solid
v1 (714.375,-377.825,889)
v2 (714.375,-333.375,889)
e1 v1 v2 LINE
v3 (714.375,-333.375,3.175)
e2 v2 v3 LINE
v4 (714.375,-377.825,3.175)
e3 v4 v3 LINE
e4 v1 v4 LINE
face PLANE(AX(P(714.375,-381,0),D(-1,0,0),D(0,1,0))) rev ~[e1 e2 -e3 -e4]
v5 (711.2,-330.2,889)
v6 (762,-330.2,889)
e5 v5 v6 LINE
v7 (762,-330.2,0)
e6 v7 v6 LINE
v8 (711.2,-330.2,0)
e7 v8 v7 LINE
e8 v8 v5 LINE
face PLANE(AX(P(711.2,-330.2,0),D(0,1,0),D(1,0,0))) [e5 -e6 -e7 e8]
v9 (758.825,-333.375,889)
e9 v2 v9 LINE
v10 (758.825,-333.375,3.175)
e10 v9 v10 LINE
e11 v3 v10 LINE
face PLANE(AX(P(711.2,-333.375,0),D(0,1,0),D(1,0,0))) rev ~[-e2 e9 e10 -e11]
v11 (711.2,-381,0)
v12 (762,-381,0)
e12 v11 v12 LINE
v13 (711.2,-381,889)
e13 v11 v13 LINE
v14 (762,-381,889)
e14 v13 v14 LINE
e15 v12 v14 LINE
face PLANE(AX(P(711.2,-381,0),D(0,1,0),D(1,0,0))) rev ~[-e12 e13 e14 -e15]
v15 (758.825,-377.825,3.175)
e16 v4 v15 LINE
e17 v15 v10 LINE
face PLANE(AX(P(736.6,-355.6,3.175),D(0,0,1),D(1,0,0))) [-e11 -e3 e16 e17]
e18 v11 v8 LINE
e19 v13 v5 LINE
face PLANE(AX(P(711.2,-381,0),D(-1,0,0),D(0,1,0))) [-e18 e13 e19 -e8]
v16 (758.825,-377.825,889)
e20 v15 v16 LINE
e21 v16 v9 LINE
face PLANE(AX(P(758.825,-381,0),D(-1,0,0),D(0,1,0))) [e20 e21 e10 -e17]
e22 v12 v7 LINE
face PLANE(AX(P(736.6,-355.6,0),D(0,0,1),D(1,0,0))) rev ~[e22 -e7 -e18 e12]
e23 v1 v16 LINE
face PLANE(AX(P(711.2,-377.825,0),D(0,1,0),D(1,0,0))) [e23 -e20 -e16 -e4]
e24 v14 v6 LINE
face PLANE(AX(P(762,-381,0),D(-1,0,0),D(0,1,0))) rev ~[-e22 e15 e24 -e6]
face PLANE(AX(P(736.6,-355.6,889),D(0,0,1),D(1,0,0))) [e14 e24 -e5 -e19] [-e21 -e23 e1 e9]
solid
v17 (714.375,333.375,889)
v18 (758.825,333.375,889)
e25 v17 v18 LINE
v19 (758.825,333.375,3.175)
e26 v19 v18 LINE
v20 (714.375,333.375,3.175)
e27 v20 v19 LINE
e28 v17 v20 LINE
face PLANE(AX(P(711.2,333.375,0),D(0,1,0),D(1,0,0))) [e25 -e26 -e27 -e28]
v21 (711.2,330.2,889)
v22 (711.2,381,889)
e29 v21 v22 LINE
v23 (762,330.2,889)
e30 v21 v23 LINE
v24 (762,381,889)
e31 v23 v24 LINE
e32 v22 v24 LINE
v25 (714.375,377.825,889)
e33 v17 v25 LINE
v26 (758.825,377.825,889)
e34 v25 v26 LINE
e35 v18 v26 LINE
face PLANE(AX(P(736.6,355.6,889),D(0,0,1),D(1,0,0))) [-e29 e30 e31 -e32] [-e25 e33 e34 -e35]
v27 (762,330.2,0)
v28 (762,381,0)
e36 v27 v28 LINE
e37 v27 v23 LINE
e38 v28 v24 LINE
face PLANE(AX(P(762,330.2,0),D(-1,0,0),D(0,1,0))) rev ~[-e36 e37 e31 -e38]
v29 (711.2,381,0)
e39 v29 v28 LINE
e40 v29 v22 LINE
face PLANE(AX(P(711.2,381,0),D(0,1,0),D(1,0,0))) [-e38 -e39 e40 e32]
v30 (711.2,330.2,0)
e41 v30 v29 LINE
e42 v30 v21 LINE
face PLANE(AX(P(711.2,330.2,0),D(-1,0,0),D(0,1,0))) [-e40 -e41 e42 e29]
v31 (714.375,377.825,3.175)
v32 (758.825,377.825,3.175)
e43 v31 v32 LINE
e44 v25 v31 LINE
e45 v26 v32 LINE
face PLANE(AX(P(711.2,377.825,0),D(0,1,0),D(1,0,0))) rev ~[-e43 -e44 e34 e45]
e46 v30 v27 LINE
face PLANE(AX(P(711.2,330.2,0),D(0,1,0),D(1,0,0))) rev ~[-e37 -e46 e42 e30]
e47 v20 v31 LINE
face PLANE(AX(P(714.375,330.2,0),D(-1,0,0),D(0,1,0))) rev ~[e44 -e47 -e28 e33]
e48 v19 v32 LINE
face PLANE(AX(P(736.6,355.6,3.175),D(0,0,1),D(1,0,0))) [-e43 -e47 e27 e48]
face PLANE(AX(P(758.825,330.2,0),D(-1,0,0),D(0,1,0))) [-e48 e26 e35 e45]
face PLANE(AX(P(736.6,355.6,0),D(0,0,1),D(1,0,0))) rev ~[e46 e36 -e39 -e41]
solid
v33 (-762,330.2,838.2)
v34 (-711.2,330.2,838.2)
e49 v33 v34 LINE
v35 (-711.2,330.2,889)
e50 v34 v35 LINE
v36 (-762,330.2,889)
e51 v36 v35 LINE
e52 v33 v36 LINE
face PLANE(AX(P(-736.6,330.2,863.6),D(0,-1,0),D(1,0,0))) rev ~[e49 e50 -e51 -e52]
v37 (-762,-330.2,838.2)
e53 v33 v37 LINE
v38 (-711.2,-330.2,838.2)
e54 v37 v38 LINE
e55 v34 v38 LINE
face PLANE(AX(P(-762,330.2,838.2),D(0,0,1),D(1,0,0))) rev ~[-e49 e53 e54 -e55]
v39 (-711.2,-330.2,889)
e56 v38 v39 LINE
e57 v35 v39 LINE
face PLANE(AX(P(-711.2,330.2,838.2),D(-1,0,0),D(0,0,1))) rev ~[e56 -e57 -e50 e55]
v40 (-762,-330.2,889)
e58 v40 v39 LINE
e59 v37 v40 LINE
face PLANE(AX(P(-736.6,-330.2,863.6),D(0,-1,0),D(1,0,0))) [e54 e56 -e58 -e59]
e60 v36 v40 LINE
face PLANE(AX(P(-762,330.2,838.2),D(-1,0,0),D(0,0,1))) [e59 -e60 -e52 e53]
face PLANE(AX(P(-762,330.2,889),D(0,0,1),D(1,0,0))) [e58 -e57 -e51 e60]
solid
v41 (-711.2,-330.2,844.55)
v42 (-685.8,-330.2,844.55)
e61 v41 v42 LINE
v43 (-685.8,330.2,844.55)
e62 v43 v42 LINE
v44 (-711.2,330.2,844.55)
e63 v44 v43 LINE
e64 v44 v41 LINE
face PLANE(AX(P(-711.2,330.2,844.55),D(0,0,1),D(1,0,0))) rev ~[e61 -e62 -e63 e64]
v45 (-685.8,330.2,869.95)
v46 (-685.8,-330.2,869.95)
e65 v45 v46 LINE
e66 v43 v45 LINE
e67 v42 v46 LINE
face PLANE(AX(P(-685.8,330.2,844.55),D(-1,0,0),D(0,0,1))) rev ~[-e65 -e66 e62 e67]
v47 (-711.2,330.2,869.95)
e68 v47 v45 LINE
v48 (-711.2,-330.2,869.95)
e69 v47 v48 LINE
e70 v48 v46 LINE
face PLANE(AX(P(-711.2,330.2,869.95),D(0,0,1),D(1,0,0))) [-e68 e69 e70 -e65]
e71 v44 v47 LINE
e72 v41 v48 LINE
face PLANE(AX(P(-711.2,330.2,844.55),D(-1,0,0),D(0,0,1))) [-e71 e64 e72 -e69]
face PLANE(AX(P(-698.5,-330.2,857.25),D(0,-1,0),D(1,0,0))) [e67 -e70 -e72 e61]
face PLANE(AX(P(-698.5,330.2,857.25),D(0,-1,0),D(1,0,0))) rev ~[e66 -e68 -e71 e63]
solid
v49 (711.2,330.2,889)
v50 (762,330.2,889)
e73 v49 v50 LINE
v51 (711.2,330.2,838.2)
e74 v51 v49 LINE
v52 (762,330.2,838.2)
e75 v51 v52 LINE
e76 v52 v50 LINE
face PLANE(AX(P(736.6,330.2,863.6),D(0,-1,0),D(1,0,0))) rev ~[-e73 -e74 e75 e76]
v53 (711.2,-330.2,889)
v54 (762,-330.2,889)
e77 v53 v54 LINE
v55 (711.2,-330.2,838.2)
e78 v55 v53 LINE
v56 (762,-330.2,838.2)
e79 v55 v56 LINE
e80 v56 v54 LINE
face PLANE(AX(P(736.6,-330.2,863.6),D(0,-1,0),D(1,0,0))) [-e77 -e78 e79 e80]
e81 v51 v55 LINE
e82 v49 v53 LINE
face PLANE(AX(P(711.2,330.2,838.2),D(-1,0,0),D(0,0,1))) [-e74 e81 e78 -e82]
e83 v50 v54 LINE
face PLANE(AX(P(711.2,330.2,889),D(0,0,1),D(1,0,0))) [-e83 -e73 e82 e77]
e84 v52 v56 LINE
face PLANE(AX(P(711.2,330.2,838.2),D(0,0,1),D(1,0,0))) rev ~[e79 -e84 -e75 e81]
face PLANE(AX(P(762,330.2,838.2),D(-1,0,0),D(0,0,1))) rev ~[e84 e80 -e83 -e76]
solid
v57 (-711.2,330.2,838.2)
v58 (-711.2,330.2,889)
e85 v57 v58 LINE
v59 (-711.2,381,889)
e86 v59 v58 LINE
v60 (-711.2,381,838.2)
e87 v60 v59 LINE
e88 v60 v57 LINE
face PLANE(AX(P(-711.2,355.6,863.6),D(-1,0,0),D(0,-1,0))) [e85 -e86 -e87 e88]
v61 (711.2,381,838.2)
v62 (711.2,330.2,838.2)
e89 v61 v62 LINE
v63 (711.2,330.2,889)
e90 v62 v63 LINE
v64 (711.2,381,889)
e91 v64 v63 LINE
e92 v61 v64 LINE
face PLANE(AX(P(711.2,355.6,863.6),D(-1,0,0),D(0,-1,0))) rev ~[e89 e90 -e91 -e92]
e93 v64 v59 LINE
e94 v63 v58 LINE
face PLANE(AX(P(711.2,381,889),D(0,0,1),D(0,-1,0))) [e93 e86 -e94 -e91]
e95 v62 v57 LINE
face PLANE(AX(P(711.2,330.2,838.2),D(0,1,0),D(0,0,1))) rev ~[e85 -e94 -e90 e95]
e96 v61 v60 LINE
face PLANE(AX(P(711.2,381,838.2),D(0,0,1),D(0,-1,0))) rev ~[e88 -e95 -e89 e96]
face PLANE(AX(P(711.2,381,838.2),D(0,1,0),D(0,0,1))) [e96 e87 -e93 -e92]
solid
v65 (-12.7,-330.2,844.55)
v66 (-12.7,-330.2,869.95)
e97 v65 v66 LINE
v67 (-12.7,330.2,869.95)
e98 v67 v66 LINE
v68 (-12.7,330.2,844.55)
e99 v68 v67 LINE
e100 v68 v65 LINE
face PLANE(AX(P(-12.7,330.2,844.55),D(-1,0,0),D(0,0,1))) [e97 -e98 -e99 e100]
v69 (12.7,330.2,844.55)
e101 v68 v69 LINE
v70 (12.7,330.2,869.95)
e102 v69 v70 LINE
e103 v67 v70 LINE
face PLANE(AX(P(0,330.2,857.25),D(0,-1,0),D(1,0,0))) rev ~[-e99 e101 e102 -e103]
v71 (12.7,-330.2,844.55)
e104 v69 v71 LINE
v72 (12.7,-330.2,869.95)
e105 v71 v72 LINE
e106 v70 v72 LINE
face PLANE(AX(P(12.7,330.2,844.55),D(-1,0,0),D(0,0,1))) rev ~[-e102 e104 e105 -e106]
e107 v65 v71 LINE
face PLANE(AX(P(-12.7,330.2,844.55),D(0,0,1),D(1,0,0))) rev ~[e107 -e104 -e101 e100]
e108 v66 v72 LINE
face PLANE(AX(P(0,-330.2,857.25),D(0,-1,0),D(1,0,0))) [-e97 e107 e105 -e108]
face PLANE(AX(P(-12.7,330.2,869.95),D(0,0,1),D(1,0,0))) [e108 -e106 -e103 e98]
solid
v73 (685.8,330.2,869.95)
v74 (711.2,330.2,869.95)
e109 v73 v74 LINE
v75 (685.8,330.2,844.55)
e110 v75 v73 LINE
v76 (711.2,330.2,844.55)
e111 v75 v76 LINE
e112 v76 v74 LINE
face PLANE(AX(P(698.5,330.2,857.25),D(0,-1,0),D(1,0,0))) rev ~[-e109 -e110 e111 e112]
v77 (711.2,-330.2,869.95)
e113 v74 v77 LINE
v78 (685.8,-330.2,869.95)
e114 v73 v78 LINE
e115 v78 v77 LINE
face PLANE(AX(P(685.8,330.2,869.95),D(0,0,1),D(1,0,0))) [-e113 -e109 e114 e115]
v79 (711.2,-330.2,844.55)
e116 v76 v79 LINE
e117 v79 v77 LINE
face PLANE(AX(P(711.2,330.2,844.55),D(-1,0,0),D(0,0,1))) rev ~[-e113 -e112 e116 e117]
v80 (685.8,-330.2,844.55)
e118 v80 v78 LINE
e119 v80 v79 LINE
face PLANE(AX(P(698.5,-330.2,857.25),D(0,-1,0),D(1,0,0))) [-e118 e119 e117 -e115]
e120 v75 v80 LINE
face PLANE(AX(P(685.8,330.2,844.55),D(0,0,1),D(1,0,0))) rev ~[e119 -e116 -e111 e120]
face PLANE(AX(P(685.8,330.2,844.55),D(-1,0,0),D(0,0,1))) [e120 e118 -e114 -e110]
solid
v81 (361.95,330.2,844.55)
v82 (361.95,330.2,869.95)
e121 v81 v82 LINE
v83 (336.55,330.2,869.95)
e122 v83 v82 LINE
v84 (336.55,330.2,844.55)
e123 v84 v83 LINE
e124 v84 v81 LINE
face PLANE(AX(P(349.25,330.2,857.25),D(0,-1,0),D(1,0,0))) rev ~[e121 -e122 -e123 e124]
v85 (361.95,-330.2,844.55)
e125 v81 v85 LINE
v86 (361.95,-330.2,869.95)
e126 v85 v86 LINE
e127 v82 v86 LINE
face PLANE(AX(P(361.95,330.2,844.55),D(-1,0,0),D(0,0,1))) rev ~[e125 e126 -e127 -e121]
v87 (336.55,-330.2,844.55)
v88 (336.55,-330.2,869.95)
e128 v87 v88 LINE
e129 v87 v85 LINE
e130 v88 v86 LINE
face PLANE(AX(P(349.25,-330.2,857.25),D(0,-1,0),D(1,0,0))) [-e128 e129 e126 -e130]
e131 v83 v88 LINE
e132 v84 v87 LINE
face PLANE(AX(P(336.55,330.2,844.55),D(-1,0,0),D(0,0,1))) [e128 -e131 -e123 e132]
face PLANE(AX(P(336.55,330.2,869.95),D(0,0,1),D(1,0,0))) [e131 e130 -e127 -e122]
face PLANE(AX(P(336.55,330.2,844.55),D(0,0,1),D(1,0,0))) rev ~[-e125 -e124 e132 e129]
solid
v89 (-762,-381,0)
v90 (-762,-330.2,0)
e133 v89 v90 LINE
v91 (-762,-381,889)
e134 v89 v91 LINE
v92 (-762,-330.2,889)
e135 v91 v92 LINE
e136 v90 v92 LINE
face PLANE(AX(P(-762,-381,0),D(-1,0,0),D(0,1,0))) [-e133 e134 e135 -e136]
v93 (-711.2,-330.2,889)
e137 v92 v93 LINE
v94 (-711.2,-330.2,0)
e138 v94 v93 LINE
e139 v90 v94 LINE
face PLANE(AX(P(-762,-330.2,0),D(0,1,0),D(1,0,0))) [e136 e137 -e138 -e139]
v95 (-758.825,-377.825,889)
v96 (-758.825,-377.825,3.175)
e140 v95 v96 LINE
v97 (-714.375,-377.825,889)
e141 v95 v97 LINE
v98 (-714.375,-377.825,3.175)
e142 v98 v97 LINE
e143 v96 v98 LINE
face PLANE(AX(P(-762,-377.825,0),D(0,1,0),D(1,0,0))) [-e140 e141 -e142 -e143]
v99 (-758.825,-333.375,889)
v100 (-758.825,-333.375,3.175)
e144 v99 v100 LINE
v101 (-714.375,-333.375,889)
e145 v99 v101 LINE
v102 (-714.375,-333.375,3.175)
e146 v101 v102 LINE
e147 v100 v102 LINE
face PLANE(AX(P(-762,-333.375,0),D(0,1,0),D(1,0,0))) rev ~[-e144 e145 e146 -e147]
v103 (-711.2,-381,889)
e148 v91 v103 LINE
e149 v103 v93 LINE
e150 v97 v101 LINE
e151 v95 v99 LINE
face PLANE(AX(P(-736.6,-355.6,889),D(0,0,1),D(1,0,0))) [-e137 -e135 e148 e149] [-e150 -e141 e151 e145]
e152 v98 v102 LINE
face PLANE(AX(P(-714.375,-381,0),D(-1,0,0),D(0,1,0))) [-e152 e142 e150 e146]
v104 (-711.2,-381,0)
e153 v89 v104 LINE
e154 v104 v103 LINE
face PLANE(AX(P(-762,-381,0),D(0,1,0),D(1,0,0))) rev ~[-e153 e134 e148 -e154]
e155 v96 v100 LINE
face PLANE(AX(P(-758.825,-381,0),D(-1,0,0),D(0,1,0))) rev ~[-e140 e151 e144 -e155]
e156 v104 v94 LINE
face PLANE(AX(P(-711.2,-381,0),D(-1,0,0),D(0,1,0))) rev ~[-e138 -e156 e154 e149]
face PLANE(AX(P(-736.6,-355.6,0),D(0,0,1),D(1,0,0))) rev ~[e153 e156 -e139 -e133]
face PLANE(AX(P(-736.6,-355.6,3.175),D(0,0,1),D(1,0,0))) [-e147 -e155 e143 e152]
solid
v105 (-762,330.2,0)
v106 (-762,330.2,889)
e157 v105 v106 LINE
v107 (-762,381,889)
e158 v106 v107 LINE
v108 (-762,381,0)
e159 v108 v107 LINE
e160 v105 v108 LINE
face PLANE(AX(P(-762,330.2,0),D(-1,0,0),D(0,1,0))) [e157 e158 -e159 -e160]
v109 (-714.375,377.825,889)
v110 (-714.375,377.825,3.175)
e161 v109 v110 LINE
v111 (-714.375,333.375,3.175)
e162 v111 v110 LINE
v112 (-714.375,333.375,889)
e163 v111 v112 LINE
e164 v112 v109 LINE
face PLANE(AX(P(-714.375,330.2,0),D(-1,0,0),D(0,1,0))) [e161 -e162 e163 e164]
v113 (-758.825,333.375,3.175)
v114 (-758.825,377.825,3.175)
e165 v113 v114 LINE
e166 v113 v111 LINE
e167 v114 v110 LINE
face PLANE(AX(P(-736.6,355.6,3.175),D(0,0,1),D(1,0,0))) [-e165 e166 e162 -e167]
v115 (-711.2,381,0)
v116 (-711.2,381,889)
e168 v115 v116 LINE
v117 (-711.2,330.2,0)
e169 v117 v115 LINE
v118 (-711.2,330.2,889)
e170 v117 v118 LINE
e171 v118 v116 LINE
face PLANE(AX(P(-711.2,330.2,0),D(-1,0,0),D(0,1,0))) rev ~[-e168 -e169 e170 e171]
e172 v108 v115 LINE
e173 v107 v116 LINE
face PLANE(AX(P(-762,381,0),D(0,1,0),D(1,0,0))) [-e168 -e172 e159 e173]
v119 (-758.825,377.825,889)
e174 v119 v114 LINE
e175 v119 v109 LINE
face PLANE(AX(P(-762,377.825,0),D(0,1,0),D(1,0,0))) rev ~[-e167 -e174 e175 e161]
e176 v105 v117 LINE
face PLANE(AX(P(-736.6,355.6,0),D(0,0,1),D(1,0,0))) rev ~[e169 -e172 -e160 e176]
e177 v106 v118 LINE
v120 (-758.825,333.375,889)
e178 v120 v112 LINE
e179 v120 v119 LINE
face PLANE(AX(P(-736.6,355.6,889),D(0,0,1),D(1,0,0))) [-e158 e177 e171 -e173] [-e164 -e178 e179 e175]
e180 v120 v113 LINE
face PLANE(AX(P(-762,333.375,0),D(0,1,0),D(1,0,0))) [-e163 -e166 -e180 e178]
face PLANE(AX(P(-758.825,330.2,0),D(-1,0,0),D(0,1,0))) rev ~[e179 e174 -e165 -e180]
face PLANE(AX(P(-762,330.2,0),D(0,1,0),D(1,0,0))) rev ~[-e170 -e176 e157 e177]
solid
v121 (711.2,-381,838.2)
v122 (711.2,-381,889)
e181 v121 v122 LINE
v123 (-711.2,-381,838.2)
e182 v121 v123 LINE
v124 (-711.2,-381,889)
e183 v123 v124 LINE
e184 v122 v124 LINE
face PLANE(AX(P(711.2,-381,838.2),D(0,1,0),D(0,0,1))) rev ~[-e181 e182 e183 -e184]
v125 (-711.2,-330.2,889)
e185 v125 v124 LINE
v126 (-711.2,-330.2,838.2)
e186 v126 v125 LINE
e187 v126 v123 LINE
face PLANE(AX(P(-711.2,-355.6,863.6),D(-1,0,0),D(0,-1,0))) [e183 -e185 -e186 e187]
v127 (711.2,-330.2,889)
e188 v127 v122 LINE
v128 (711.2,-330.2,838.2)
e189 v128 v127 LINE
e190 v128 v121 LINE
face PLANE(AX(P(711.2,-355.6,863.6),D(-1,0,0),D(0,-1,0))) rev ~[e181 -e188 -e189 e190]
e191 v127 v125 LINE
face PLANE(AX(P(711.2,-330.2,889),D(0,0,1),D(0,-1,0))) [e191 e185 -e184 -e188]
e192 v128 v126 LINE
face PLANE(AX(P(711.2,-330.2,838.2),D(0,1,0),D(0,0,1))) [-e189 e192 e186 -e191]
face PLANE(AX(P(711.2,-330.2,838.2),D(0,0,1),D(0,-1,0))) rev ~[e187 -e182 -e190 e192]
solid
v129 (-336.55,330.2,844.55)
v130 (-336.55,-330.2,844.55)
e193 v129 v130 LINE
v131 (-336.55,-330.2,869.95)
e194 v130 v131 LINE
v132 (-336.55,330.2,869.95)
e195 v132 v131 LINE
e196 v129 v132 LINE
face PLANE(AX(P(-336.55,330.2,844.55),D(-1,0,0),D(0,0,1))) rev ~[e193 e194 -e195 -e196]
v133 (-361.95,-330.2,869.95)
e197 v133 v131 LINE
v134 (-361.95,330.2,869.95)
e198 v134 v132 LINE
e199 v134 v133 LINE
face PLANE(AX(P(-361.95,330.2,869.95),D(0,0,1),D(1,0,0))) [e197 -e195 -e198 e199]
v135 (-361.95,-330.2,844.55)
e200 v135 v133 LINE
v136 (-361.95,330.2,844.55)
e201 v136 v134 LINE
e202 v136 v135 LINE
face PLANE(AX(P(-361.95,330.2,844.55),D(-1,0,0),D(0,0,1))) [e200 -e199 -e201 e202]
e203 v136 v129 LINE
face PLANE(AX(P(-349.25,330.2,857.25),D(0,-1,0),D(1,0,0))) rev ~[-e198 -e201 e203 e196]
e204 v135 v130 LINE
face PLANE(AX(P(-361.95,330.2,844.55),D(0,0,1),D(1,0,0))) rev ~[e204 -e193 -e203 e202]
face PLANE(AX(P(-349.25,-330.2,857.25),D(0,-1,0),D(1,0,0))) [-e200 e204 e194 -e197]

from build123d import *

# Parameters (mm, degrees)
F0_W     = 50.8
F0_H     = 50.8
F1_DEPTH = 889
F2_T     = -3.175
F2_2_T   = -3.175
F2_3_T   = -3.175
F2_4_T   = -3.175
F3_W     = 50.8
F3_H     = 50.8
F4_DEPTH = 660.4
F5_W     = 50.8
F5_H     = 50.8
F6_DEPTH = 1422.4
F7_W     = 25.4
F7_H     = 25.4
F8_DEPTH = 660.4


with BuildPart() as f1:
    # F0 (on Top) → F1 (new body)
    with BuildSketch(Plane.XY):
        with Locations((-736.6, 355.6)):
            Rectangle(F0_W, F0_H)
    extrude(amount=F1_DEPTH)

    # F2#2
    f2_2_openings = [f1.faces().sort_by_distance(p)[0] for p in [
        (-736.6, 355.6, 889),
    ]]
    offset(amount=F2_2_T, openings=f2_2_openings)


with BuildPart() as f1b:
    # F0 (on Top) → F1, piece 2 (new body)
    with BuildSketch(Plane.XY):
        with Locations((736.6, 355.6)):
            Rectangle(F0_W, F0_H)
    extrude(amount=F1_DEPTH)

    # F2#3
    f2_3_openings = [f1b.faces().sort_by_distance(p)[0] for p in [
        (736.6, 355.6, 889),
    ]]
    offset(amount=F2_3_T, openings=f2_3_openings)


with BuildPart() as f1c:
    # F0 (on Top) → F1, piece 3 (new body)
    with BuildSketch(Plane.XY):
        with Locations((736.6, -355.6)):
            Rectangle(F0_W, F0_H)
    extrude(amount=F1_DEPTH)

    # F2#4
    f2_4_openings = [f1c.faces().sort_by_distance(p)[0] for p in [
        (736.6, -355.6, 889),
    ]]
    offset(amount=F2_4_T, openings=f2_4_openings)


with BuildPart() as f1d:
    # F0 (on Top) → F1, piece 4 (new body)
    with BuildSketch(Plane.XY):
        with Locations((-736.6, -355.6)):
            Rectangle(F0_W, F0_H)
    extrude(amount=F1_DEPTH)

    # F2
    f2_openings = [f1d.faces().sort_by_distance(p)[0] for p in [
        (-736.6, -355.6, 889),
    ]]
    offset(amount=F2_T, openings=f2_openings)


with BuildPart() as f4:
    # F3 (on face) → F4 (new body)
    with BuildSketch(Plane.XZ.offset(-330.2)):
        with Locations((-736.6, 863.6)):
            Rectangle(F3_W, F3_H)
    extrude(amount=F4_DEPTH)


with BuildPart() as f4b:
    # F3 (on face) → F4, piece 2 (new body)
    with BuildSketch(Plane.XZ.offset(-330.2)):
        with Locations((736.6, 863.6)):
            Rectangle(F3_W, F3_H)
    extrude(amount=F4_DEPTH)


with BuildPart() as f6:
    # F5 (on face) → F6 (new body)
    with BuildSketch(Plane(origin=(711.2, 0, 0), x_dir=(0, -1, 0), z_dir=(-1, 0, 0))):
        with Locations((-355.6, 863.6)):
            Rectangle(F5_W, F5_H)
    extrude(amount=F6_DEPTH)


with BuildPart() as f6b:
    # F5 (on face) → F6, piece 2 (new body)
    with BuildSketch(Plane(origin=(711.2, 0, 0), x_dir=(0, -1, 0), z_dir=(-1, 0, 0))):
        with Locations((355.6, 863.6)):
            Rectangle(F5_W, F5_H)
    extrude(amount=F6_DEPTH)


with BuildPart() as f8:
    # F7 (on face) → F8 (new body)
    with BuildSketch(Plane.XZ.offset(-330.2)):
        with Locations((-349.25, 857.25)):
            Rectangle(F7_W, F7_H)
    extrude(amount=F8_DEPTH)


with BuildPart() as f8b:
    # F7 (on face) → F8, piece 2 (new body)
    with BuildSketch(Plane.XZ.offset(-330.2)):
        with Locations((0, 857.25)):
            Rectangle(F7_W, F7_H)
    extrude(amount=F8_DEPTH)


with BuildPart() as f8c:
    # F7 (on face) → F8, piece 3 (new body)
    with BuildSketch(Plane.XZ.offset(-330.2)):
        with Locations((349.25, 857.25)):
            Rectangle(F7_W, F7_H)
    extrude(amount=F8_DEPTH)


with BuildPart() as f8d:
    # F7 (on face) → F8, piece 4 (new body)
    with BuildSketch(Plane.XZ.offset(-330.2)):
        with Locations((-698.5, 857.25)):
            Rectangle(F7_W, F7_H)
    extrude(amount=F8_DEPTH)


with BuildPart() as f8e:
    # F7 (on face) → F8, piece 5 (new body)
    with BuildSketch(Plane.XZ.offset(-330.2)):
        with Locations((698.5, 857.25)):
            Rectangle(F7_W, F7_H)
    extrude(amount=F8_DEPTH)


solid = Compound([f1.part, f1b.part, f1c.part, f1d.part, f4.part, f4b.part, f6.part, f6b.part, f8.part, f8b.part, f8c.part, f8d.part, f8e.part])
